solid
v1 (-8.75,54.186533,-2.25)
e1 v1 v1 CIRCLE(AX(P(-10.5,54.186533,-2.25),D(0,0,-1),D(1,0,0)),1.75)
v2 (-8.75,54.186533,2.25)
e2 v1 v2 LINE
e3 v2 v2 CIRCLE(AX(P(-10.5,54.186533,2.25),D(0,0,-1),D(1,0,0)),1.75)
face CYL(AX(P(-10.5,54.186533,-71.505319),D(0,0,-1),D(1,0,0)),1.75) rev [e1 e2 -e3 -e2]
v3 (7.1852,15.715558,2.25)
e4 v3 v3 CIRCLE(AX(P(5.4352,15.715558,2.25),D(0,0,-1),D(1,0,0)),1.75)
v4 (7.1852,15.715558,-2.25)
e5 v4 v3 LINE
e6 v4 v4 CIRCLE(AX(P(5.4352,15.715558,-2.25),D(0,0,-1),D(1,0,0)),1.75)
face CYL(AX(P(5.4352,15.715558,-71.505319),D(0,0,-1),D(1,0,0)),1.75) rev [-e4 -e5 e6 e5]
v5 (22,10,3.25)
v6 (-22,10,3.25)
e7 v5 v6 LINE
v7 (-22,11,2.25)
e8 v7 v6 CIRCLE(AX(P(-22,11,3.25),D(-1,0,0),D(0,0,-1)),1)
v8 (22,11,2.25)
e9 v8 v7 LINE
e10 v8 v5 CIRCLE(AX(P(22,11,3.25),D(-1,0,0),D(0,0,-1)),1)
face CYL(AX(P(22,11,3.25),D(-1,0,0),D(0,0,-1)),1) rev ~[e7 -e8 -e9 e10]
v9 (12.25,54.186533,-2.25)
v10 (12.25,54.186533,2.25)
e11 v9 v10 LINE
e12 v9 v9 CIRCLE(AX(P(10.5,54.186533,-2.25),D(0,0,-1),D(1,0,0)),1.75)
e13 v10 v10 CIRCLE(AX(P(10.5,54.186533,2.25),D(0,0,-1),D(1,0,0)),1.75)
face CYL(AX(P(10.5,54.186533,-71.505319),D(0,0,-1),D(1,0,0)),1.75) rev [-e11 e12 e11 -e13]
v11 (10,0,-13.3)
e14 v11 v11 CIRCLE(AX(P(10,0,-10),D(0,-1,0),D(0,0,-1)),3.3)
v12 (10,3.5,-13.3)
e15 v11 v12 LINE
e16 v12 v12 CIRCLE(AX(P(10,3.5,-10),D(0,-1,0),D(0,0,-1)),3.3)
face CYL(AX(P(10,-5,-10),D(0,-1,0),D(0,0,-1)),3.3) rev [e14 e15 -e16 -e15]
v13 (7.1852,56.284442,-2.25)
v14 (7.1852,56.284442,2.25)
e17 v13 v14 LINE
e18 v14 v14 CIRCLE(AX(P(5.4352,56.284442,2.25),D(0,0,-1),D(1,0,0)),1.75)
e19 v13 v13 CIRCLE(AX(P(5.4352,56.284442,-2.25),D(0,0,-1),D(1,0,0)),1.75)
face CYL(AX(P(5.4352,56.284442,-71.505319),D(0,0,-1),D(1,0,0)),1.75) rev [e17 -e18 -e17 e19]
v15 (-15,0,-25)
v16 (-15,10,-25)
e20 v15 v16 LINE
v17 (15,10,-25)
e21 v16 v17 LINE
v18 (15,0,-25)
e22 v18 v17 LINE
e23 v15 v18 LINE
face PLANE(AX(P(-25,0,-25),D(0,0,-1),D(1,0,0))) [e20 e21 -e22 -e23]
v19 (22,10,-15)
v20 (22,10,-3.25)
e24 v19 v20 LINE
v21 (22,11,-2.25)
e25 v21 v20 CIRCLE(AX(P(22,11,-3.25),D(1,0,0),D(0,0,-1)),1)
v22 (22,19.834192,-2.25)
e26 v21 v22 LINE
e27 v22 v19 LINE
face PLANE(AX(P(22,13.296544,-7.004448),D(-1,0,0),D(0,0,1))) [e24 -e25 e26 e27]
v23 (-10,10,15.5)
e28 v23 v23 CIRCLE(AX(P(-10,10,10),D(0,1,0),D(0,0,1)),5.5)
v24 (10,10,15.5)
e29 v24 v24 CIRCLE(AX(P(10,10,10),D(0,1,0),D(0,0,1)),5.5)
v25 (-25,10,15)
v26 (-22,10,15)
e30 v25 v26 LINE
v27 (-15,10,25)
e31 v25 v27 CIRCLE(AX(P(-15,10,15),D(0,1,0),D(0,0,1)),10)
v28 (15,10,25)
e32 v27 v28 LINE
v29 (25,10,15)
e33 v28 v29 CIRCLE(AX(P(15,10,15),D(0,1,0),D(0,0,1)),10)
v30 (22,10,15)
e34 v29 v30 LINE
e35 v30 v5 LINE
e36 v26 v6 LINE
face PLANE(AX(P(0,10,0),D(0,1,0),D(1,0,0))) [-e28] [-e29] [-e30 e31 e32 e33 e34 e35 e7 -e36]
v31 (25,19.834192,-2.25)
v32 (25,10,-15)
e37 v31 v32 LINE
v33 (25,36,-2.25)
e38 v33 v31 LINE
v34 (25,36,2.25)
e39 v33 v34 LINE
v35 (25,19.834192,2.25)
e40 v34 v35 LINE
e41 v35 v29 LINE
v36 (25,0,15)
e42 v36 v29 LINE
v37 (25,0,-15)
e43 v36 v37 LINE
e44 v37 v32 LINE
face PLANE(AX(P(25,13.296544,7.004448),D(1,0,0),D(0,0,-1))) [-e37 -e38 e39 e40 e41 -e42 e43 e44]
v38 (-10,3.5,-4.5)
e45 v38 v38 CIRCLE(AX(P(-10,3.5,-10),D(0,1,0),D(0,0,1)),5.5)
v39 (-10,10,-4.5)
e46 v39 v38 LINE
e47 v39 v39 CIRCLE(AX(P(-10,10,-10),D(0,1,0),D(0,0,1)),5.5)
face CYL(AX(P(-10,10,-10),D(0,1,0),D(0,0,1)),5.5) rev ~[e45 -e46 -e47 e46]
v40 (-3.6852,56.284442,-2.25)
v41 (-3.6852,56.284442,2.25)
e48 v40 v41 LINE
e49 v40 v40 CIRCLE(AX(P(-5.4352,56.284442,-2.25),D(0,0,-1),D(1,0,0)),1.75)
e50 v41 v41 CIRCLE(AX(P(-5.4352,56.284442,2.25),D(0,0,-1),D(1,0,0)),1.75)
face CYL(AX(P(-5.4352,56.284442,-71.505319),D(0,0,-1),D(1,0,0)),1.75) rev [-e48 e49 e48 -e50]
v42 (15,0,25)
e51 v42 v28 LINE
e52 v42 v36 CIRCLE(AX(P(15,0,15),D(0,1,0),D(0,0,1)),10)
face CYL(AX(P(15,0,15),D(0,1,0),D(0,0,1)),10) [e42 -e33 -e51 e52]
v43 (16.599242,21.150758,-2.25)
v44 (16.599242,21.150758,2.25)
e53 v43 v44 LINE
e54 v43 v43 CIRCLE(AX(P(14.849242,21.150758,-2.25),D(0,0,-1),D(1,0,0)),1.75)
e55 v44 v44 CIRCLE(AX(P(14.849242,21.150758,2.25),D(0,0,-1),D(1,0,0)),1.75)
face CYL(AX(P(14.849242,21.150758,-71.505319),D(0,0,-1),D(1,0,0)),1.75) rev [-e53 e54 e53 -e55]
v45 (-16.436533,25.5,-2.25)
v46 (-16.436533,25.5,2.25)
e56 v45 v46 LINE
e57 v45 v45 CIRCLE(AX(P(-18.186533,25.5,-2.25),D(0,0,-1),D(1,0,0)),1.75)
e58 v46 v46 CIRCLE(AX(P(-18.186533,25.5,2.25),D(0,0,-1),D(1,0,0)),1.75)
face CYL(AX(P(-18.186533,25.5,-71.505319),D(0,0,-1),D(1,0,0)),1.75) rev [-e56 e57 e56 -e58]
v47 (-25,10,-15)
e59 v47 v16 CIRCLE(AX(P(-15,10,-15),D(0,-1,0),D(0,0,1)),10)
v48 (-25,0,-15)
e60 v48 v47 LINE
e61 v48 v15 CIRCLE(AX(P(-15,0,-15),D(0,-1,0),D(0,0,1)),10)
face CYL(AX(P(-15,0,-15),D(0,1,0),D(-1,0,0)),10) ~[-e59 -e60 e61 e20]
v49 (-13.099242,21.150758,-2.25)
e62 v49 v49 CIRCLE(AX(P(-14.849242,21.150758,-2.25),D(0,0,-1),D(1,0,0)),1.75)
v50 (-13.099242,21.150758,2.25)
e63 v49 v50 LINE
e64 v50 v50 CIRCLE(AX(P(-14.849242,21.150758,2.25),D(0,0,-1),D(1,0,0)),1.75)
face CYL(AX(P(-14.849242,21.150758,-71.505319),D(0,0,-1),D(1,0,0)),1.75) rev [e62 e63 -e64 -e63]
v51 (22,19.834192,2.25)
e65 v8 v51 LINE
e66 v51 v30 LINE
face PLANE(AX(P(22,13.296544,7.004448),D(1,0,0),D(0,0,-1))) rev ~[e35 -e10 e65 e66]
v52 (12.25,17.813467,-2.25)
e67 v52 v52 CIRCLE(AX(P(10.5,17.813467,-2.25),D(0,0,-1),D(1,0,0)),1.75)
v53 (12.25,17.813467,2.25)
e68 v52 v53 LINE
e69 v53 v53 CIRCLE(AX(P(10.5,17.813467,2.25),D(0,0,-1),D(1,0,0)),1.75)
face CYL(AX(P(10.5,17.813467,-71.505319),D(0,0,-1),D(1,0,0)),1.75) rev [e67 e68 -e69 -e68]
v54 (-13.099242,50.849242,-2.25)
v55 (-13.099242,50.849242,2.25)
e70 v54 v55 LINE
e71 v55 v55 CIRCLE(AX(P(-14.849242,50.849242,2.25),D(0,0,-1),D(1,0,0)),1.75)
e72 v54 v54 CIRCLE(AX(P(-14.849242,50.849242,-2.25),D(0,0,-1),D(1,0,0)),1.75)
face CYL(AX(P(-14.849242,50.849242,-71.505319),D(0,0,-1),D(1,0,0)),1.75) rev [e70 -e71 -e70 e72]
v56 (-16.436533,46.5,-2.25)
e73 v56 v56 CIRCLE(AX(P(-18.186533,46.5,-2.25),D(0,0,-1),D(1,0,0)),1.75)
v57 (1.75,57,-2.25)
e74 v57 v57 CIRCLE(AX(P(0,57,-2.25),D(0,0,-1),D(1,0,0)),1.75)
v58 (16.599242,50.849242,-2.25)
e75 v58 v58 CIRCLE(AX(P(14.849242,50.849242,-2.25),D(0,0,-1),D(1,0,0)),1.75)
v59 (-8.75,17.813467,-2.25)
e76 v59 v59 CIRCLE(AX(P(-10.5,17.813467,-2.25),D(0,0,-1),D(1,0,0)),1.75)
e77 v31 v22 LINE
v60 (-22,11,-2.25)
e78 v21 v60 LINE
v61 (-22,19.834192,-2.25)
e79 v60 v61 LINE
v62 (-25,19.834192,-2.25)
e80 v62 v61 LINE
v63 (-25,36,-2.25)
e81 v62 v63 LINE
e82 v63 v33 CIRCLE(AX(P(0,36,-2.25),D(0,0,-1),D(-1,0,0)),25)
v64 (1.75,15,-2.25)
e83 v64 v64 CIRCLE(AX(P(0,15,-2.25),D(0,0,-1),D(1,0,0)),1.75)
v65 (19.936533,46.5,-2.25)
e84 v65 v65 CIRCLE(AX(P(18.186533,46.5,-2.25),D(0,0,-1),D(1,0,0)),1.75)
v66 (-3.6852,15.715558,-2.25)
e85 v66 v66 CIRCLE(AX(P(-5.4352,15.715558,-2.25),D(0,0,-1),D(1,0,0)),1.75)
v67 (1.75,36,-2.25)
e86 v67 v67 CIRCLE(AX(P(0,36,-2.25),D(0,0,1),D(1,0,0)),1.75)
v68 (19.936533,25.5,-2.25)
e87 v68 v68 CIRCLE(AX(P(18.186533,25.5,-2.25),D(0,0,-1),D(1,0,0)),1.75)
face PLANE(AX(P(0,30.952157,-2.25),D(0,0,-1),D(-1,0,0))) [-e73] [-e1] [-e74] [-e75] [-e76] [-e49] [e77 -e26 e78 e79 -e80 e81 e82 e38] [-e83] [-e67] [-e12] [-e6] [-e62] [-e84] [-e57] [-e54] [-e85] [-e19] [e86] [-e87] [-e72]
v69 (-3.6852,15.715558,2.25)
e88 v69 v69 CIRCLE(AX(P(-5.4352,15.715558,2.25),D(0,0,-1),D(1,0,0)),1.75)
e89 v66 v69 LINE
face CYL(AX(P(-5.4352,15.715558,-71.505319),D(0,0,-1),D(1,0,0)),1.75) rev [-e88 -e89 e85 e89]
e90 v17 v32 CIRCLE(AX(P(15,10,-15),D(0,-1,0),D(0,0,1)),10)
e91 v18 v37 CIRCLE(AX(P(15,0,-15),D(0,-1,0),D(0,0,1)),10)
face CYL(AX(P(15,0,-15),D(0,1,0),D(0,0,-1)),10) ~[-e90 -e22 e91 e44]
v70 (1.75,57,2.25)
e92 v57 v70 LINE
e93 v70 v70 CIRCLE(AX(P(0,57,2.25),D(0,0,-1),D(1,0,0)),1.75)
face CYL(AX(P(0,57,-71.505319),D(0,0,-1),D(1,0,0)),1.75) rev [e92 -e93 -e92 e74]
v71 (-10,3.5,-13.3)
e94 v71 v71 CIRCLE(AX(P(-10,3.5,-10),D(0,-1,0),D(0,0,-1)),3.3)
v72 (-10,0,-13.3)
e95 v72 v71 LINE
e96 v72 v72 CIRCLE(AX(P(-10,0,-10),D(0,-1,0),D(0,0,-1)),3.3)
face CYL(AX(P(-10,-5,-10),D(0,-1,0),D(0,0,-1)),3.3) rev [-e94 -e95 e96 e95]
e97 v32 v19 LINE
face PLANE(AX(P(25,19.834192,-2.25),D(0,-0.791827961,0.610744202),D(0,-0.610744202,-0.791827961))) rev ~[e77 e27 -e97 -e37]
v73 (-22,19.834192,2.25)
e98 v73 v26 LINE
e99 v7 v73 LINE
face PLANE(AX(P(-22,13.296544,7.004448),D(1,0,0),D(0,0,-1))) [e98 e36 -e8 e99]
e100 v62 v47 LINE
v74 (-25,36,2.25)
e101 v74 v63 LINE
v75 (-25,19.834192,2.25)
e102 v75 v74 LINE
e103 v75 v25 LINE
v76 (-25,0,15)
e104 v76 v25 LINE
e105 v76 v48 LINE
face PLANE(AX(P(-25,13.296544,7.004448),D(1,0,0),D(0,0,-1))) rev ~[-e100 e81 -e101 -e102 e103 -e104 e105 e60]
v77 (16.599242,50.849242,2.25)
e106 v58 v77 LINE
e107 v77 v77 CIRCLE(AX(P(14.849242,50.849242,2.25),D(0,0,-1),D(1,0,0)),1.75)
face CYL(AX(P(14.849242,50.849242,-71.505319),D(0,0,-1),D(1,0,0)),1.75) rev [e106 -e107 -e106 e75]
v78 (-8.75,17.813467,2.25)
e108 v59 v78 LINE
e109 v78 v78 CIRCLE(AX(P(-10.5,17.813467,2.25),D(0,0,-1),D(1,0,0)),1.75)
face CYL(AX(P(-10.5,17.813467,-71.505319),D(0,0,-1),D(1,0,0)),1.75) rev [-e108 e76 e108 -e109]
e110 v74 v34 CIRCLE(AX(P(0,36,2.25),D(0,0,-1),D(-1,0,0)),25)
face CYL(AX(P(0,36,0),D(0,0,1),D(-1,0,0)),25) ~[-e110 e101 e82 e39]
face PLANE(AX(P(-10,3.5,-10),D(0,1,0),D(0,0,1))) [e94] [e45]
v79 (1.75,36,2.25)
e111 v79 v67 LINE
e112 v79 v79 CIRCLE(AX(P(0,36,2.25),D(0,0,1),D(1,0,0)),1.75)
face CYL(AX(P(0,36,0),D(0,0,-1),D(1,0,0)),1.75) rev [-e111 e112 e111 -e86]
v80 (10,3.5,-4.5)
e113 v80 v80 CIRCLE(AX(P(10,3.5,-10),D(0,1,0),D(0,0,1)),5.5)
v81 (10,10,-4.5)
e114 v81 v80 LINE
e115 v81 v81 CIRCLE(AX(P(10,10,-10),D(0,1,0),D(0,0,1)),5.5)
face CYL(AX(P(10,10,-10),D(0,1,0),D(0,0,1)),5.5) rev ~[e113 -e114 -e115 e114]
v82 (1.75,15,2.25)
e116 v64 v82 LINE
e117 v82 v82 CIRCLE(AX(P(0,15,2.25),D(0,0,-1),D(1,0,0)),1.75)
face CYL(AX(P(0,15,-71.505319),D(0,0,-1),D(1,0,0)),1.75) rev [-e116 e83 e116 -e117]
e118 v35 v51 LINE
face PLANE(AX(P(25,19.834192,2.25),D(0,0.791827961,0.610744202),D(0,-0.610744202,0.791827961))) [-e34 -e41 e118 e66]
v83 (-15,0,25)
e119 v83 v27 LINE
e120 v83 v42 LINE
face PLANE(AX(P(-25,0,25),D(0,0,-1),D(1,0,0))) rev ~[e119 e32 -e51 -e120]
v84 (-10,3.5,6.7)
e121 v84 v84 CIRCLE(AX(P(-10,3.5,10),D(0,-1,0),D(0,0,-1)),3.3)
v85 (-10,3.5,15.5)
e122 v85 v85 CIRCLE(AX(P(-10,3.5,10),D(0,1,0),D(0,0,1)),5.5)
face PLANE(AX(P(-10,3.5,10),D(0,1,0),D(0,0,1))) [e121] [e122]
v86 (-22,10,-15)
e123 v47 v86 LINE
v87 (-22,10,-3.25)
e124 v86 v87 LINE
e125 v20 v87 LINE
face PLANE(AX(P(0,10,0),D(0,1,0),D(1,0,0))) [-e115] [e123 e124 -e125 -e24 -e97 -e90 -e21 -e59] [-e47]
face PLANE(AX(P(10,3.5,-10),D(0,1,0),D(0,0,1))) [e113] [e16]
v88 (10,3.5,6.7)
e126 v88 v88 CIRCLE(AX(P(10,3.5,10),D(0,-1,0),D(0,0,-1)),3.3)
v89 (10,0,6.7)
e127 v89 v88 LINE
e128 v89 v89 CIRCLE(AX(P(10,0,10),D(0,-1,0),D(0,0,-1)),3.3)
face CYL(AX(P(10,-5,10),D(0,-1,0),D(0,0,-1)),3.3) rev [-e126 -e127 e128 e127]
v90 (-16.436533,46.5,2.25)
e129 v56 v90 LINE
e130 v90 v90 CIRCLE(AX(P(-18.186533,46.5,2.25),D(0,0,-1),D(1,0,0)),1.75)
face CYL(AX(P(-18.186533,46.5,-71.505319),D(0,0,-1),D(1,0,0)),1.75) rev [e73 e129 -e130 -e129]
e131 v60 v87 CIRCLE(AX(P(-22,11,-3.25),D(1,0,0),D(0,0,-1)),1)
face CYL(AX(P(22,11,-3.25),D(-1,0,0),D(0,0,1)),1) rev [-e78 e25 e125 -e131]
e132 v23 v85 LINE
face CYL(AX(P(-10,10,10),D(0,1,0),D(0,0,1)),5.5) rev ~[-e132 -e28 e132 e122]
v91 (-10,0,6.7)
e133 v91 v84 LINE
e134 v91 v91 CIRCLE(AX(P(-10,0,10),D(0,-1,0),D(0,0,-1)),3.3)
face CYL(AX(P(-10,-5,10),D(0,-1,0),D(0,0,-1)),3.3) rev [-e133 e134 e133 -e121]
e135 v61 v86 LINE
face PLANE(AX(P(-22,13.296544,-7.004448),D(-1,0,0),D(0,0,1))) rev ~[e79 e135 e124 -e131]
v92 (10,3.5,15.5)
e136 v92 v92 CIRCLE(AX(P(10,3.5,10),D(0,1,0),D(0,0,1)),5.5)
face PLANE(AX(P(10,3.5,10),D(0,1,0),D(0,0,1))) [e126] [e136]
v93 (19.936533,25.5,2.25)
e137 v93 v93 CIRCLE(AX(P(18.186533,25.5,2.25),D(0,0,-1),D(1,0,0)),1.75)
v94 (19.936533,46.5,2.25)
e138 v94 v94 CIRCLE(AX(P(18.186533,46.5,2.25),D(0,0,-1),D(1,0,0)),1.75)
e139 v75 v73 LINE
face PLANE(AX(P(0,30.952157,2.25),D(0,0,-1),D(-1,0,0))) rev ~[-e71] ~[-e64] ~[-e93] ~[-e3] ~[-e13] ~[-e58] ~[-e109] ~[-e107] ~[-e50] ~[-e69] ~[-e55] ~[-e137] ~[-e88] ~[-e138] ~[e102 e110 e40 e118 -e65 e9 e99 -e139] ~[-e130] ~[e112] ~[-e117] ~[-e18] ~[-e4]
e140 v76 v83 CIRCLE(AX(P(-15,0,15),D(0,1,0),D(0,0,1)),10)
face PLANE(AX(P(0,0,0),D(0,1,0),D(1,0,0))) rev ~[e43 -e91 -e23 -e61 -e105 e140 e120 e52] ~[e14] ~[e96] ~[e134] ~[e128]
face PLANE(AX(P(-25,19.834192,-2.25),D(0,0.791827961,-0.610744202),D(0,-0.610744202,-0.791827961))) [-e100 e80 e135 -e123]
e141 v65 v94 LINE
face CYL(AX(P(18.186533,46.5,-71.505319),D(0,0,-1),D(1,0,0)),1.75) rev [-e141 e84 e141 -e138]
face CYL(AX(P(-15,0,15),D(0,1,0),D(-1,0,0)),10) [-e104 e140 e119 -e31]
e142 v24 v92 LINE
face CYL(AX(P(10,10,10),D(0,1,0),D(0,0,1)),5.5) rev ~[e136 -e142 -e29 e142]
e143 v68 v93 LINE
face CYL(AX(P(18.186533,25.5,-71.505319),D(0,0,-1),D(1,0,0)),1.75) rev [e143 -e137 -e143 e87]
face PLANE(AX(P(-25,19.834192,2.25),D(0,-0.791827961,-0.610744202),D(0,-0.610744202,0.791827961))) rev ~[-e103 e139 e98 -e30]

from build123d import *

# Parameters (mm, degrees)
SKETCH_1_W               = 50
SKETCH_1_H               = 50
EXTRUDE_1_DEPTH          = 10
SKETCH_2_R               = 1.75
EXTRUDE_2_DEPTH          = 2.25
CUT_EXTRUDE_1_DEPTH      = 71.505318948
CUT_EXTRUDE_1_DEPTH_BACK = 71.505318948
SKETCH_5_R               = 1.75
CUT_EXTRUDE_3_DEPTH      = 71.505318948
CUT_EXTRUDE_3_DEPTH_BACK = 5
SKETCH_6_R               = 3.3
FILLET_1_R               = 10
SKETCH_8_R               = 5.5
CUT_EXTRUDE_5_DEPTH      = 6.5
EXTRUDE_3_DEPTH          = 3
EXTRUDE_4_DEPTH          = 3
FILLET_2_R               = 1


with BuildPart() as part:
    # ｽｹｯﾁ1 → ﾎﾞｽ - 押し出し1 (new body)
    with BuildSketch(Plane(origin=(0, 0, 0), x_dir=(1, 0, 0), z_dir=(0, 1, 0))):
        Rectangle(SKETCH_1_W, SKETCH_1_H)
    extrude(amount=EXTRUDE_1_DEPTH)

    # ｽｹｯﾁ2 → ﾎﾞｽ - 押し出し2 (add, symmetric)
    with BuildSketch(Plane.XY):
        with BuildLine():
            Line((25, 10), (-25, 10))
            Line((-25, 10), (-25, 36))
            ThreePointArc((-25, 36), (0, 61), (25, 36))
            Line((25, 36), (25, 10))
        make_face()
        with Locations((0, 36)):
            Circle(SKETCH_2_R, mode=Mode.SUBTRACT)
    extrude(amount=EXTRUDE_2_DEPTH, both=True)

    # ｽｹｯﾁ5 → ｶｯﾄ - 押し出し1 (cut, two sides: drawn at the far end of the back side and taken through both)
    with BuildSketch(Plane.XY.offset(-CUT_EXTRUDE_1_DEPTH_BACK)):
        with Locations((0, 57)):
            Circle(SKETCH_5_R)
        with Locations((5.435199947, 56.284442352)):
            Circle(SKETCH_5_R)
        with Locations((10.5, 54.186533479)):
            Circle(SKETCH_5_R)
        with Locations((14.849242405, 50.849242405)):
            Circle(SKETCH_5_R)
        with Locations((18.186533479, 46.5)):
            Circle(SKETCH_5_R)
        with Locations((18.186533479, 25.5)):
            Circle(SKETCH_5_R)
        with Locations((14.849242405, 21.150757595)):
            Circle(SKETCH_5_R)
        with Locations((10.5, 17.813466521)):
            Circle(SKETCH_5_R)
        with Locations((5.435199947, 15.715557648)):
            Circle(SKETCH_5_R)
        with Locations((0, 15)):
            Circle(SKETCH_5_R)
        with Locations((-5.435199947, 15.715557648)):
            Circle(SKETCH_5_R)
        with Locations((-10.5, 17.813466521)):
            Circle(SKETCH_5_R)
        with Locations((-14.849242405, 21.150757595)):
            Circle(SKETCH_5_R)
        with Locations((-18.186533479, 25.5)):
            Circle(SKETCH_5_R)
        with Locations((-18.186533479, 46.5)):
            Circle(SKETCH_5_R)
        with Locations((-14.849242405, 50.849242405)):
            Circle(SKETCH_5_R)
        with Locations((-10.5, 54.186533479)):
            Circle(SKETCH_5_R)
        with Locations((-5.435199947, 56.284442352)):
            Circle(SKETCH_5_R)
    extrude(amount=CUT_EXTRUDE_1_DEPTH + CUT_EXTRUDE_1_DEPTH_BACK, mode=Mode.SUBTRACT)

    # ｽｹｯﾁ6 → ｶｯﾄ - 押し出し3 (cut, two sides: drawn at the far end of the back side and taken through both)
    with BuildSketch(Plane(origin=(0, 0, 0), x_dir=(1, 0, 0), z_dir=(0, 1, 0)).offset(-CUT_EXTRUDE_3_DEPTH_BACK)):
        with Locations(Location((-10, -10, 0), (0, 0, 90))):
            Circle(SKETCH_6_R)
        with Locations(Location((10, -10, 0), (0, 0, 90))):
            Circle(SKETCH_6_R)
        with Locations(Location((10, 10, 0), (0, 0, 90))):
            Circle(SKETCH_6_R)
        with Locations(Location((-10, 10, 0), (0, 0, 90))):
            Circle(SKETCH_6_R)
    extrude(amount=CUT_EXTRUDE_3_DEPTH + CUT_EXTRUDE_3_DEPTH_BACK, mode=Mode.SUBTRACT)

    # ﾌｨﾚｯﾄ1
    fillet_1_edges = [part.edges().sort_by_distance(p)[0] for p in [
        (-25, 5, 25),
        (-25, 5, -25),
        (25, 5, -25),
        (25, 5, 25),
    ]]
    fillet(fillet_1_edges, radius=FILLET_1_R)

    # ｽｹｯﾁ8 → ｶｯﾄ - 押し出し5 (cut)
    with BuildSketch(Plane(origin=(0, 10, 0), x_dir=(1, 0, 0), z_dir=(0, 1, 0))):
        with Locations(Location((-10, -10, 0), (0, 0, 270))):
            Circle(SKETCH_8_R)
        with Locations(Location((10, -10, 0), (0, 0, 270))):
            Circle(SKETCH_8_R)
        with Locations(Location((10, 10, 0), (0, 0, 270))):
            Circle(SKETCH_8_R)
        with Locations(Location((-10, 10, 0), (0, 0, 270))):
            Circle(SKETCH_8_R)
    extrude(amount=-CUT_EXTRUDE_5_DEPTH, mode=Mode.SUBTRACT)

    # ｽｹｯﾁ11 → ﾎﾞｽ - 押し出し3 (add)
    with BuildSketch(Plane(origin=(25, 0, 0), x_dir=(0, 0, -1), z_dir=(1, 0, 0))):
        Polygon((-2.25, 19.834192463), (-15, 10), (-2.25, 10), align=None)
        Polygon((15, 10), (2.25, 10), (2.25, 19.834192463), align=None)
    extrude(amount=-EXTRUDE_3_DEPTH)

    # ｽｹｯﾁ12 → ﾎﾞｽ - 押し出し4 (add)
    with BuildSketch(Plane.ZY.offset(25)):
        Polygon((2.25, 19.834192463), (15, 10), (2.25, 10), align=None)
        Polygon((-2.25, 19.834192463), (-15, 10), (-2.25, 10), align=None)
    extrude(amount=-EXTRUDE_4_DEPTH)

    # ﾌｨﾚｯﾄ2
    fillet_2_edges = [part.edges().sort_by_distance(p)[0] for p in [
        (0, 10, 2.25),
        (0, 10, -2.25),
    ]]
    fillet(fillet_2_edges, radius=FILLET_2_R)


solid = part.part
